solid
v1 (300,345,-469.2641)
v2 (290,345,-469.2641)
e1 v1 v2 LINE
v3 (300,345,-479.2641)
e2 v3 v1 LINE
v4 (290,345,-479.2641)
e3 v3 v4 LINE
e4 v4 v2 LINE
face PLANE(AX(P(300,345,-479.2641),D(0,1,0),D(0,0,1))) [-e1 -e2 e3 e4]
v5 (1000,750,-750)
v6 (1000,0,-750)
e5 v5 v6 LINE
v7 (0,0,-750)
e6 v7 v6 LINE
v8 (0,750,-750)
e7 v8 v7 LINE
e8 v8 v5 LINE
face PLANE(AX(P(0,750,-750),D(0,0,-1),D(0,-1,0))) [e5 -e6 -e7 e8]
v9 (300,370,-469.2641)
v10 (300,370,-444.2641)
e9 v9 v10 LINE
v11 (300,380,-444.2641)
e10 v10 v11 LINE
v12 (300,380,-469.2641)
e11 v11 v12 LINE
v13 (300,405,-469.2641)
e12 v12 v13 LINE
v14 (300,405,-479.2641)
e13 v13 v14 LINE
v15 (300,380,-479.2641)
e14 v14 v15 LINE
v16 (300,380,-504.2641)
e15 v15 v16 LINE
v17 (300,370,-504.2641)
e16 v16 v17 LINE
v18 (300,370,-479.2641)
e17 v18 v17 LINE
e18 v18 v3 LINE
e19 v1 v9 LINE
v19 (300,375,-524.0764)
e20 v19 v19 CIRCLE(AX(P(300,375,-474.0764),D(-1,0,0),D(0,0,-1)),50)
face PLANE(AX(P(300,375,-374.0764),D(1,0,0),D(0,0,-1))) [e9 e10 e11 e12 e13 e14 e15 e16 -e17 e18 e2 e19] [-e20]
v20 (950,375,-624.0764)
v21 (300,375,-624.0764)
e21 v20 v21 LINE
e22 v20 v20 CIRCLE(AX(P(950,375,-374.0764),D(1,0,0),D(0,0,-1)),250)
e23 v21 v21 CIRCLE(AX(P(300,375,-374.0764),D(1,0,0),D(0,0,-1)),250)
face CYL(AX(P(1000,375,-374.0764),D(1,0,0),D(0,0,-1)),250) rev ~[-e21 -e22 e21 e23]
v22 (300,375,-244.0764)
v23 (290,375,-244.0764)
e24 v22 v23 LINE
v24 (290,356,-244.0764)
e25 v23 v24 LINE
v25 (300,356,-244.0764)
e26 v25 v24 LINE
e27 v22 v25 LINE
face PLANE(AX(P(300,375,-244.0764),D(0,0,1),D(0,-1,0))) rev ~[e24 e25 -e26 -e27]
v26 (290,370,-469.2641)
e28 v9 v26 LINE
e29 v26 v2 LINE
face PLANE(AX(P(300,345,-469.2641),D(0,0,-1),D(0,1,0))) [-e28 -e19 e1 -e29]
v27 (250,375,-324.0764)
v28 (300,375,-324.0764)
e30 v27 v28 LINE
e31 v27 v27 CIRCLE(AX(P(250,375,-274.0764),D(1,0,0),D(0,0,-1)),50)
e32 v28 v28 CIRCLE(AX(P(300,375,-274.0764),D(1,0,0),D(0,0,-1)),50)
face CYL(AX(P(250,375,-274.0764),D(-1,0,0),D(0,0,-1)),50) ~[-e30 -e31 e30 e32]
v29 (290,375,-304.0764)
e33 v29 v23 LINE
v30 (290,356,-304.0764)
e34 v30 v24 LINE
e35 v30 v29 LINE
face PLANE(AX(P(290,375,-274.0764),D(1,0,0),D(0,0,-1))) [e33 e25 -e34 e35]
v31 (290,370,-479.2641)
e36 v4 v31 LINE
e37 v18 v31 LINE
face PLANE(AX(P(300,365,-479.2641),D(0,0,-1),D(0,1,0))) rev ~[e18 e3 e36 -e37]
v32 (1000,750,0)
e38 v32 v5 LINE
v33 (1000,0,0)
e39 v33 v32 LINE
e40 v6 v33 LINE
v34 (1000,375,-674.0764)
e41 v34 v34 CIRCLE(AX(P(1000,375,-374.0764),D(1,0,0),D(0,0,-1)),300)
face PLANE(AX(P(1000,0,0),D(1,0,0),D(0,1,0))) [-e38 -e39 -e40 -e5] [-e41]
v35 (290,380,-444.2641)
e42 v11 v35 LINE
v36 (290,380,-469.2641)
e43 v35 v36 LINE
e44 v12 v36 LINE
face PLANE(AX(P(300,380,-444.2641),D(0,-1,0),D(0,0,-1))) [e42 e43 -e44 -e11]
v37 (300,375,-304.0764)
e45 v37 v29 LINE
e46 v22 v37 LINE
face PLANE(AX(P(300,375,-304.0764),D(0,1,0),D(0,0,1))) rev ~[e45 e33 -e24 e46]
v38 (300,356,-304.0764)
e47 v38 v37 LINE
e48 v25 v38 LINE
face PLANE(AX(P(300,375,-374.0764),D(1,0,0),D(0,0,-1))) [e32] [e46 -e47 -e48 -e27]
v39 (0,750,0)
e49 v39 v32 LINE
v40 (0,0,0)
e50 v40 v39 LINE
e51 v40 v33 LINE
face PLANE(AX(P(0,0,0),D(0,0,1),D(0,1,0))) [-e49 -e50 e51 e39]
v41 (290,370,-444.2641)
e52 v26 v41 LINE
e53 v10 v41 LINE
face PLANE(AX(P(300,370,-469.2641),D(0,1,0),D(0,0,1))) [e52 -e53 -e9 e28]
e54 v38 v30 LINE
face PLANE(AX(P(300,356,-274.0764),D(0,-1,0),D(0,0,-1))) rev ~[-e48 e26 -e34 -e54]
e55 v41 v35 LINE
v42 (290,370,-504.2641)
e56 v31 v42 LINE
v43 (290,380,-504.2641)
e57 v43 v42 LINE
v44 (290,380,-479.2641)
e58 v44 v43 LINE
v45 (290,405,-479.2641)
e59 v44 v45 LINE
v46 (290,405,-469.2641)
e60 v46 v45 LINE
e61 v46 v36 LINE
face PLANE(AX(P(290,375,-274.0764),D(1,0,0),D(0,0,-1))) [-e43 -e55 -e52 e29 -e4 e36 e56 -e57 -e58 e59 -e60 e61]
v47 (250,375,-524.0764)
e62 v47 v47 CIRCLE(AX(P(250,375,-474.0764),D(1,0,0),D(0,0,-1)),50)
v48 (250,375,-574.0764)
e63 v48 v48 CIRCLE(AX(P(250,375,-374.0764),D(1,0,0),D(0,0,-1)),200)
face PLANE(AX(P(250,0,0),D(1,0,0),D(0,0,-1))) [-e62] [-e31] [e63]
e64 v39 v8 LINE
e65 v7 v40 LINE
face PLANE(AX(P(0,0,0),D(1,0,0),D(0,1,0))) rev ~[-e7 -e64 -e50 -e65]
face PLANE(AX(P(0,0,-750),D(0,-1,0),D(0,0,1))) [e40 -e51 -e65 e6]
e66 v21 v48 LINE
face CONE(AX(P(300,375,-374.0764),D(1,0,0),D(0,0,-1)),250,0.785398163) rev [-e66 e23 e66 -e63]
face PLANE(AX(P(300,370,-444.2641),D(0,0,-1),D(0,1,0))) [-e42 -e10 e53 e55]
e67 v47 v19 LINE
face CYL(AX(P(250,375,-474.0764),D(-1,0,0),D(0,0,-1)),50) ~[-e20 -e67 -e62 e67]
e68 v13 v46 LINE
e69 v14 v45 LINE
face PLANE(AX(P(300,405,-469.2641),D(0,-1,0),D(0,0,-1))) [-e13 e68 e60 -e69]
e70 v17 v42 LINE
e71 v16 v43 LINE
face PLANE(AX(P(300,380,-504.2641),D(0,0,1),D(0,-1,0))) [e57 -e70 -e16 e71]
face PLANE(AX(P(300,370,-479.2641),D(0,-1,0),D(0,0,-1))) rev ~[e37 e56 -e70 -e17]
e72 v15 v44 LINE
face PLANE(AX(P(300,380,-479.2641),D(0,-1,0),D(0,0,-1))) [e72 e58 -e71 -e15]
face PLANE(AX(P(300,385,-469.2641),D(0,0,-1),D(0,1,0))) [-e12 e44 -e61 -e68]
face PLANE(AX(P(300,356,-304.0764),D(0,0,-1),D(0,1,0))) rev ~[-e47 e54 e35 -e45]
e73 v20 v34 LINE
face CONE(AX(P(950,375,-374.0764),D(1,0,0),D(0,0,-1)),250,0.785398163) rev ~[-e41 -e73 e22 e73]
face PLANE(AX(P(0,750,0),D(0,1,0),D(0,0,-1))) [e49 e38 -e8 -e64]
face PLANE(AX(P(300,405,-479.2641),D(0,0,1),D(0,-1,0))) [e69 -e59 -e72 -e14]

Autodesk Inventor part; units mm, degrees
ref_plane "YZ Plane" through (0, 0, 0) normal (1, 0, 0) x (0, 1, 0)
ref_plane "XZ Plane" through (0, 0, 0) normal (0, 1, 0) x (-1, 0, 0)
ref_plane "XY Plane" through (0, 0, 0) normal (0, 0, 1) x (1, 0, 0)
sketch "Sketch1" plane through (0, 0, 0) normal (1, 0, 0) x (0, 1, 0)
  line L0 (0, 0) -> (750, 0)
  line L1 (750, 0) -> (750, -750)
  line L2 (750, -750) -> (0, -750)
  line L3 (0, -750) -> (0, 0)
  dimension "d0" = 750
  dimension "d1" = 750
extrude "Extrusion1" add sketch "Sketch1" along normal blind 1000
sketch "Sketch2" plane through (1000, 0, 0) normal (1, 0, 0) x (0, 0, -1)
  line L0 (750, 0) -> (750, 750) projected
  line L1 (0, 0) -> (750, 0) projected
  circle A0 centre (374.0764, 375) radius 250
  dimension "d4" = 500
extrude "Extrusion2" cut sketch "Sketch2" against normal blind 750
sketch "Sketch3" plane through (250, 375, -374.0764) normal (1, 0, 0) x (0, 0, -1)
  line L0 (0, 0) -> (-100, 0)
  line L1 (0, 0) -> (100, 0)
  circle A0 centre (100, 0) radius 50
  circle A1 centre (-100, 0) radius 50
  point P0 (-374.0764, -375)
  dimension "d7" = 100
  dimension "d8" = 100
  dimension "d9" = 100
  dimension "d10" = 100
extrude "Extrusion3" add sketch "Sketch3" along normal blind 50
chamfer "Chamfer1" distance 50 angle 45 1 edges at (250, 375, -124.0764)
chamfer "Chamfer2" distance 50 angle 45 1 edges at (1000, 375, -124.0764)
sketch "Sketch4" plane through (300, 375, -274.0764) normal (1, 0, 0) x (0, 0, -1)
  line L0 (0, 0) -> (0, -19)
  line L1 (0, -19) -> (-30, -19)
  line L2 (0, -19) -> (30, -19)
  line L3 (30, -19) -> (30, 0)
  line L4 (30, 0) -> (-30, 0)
  line L5 (-30, 0) -> (-30, -19)
  line L6 (195.1877, 10) -> (195.1877, 30)
  line L7 (195.1877, 30) -> (205.1877, 30)
  line L8 (205.1877, -30) -> (195.1877, -30)
  line L9 (195.1877, -30) -> (195.1877, -10)
  line L10 (205.1877, 30) -> (205.1877, 10)
  line L11 (205.1877, -30) -> (205.1877, -10)
  line L12 (195.1877, -10) -> (195.1877, -5)
  line L13 (195.1877, -5) -> (170.1877, -5)
  line L14 (170.1877, -5) -> (170.1877, 5)
  line L15 (170.1877, 5) -> (195.1877, 5)
  line L16 (195.1877, 10) -> (195.1877, 5)
  line L17 (205.1877, 10) -> (205.1877, 5)
  line L18 (205.1877, 5) -> (230.1877, 5)
  line L19 (205.1877, -10) -> (205.1877, -5)
  line L20 (205.1877, -5) -> (230.1877, -5)
  line L21 (230.1877, 5) -> (230.1877, -5)
  point P0 (-274.0764, -375)
  dimension "d19" = 19
  dimension "d20" = 30
  dimension "d21" = 30
  dimension "d27" = 20
  dimension "d28" = 10
  dimension "d29" = 60
  dimension "d30" = 5
  dimension "d31" = 10
extrude "Extrusion4" cut sketch "Sketch4" against normal blind 10
properties part number "heavy lithium cell receptical"
